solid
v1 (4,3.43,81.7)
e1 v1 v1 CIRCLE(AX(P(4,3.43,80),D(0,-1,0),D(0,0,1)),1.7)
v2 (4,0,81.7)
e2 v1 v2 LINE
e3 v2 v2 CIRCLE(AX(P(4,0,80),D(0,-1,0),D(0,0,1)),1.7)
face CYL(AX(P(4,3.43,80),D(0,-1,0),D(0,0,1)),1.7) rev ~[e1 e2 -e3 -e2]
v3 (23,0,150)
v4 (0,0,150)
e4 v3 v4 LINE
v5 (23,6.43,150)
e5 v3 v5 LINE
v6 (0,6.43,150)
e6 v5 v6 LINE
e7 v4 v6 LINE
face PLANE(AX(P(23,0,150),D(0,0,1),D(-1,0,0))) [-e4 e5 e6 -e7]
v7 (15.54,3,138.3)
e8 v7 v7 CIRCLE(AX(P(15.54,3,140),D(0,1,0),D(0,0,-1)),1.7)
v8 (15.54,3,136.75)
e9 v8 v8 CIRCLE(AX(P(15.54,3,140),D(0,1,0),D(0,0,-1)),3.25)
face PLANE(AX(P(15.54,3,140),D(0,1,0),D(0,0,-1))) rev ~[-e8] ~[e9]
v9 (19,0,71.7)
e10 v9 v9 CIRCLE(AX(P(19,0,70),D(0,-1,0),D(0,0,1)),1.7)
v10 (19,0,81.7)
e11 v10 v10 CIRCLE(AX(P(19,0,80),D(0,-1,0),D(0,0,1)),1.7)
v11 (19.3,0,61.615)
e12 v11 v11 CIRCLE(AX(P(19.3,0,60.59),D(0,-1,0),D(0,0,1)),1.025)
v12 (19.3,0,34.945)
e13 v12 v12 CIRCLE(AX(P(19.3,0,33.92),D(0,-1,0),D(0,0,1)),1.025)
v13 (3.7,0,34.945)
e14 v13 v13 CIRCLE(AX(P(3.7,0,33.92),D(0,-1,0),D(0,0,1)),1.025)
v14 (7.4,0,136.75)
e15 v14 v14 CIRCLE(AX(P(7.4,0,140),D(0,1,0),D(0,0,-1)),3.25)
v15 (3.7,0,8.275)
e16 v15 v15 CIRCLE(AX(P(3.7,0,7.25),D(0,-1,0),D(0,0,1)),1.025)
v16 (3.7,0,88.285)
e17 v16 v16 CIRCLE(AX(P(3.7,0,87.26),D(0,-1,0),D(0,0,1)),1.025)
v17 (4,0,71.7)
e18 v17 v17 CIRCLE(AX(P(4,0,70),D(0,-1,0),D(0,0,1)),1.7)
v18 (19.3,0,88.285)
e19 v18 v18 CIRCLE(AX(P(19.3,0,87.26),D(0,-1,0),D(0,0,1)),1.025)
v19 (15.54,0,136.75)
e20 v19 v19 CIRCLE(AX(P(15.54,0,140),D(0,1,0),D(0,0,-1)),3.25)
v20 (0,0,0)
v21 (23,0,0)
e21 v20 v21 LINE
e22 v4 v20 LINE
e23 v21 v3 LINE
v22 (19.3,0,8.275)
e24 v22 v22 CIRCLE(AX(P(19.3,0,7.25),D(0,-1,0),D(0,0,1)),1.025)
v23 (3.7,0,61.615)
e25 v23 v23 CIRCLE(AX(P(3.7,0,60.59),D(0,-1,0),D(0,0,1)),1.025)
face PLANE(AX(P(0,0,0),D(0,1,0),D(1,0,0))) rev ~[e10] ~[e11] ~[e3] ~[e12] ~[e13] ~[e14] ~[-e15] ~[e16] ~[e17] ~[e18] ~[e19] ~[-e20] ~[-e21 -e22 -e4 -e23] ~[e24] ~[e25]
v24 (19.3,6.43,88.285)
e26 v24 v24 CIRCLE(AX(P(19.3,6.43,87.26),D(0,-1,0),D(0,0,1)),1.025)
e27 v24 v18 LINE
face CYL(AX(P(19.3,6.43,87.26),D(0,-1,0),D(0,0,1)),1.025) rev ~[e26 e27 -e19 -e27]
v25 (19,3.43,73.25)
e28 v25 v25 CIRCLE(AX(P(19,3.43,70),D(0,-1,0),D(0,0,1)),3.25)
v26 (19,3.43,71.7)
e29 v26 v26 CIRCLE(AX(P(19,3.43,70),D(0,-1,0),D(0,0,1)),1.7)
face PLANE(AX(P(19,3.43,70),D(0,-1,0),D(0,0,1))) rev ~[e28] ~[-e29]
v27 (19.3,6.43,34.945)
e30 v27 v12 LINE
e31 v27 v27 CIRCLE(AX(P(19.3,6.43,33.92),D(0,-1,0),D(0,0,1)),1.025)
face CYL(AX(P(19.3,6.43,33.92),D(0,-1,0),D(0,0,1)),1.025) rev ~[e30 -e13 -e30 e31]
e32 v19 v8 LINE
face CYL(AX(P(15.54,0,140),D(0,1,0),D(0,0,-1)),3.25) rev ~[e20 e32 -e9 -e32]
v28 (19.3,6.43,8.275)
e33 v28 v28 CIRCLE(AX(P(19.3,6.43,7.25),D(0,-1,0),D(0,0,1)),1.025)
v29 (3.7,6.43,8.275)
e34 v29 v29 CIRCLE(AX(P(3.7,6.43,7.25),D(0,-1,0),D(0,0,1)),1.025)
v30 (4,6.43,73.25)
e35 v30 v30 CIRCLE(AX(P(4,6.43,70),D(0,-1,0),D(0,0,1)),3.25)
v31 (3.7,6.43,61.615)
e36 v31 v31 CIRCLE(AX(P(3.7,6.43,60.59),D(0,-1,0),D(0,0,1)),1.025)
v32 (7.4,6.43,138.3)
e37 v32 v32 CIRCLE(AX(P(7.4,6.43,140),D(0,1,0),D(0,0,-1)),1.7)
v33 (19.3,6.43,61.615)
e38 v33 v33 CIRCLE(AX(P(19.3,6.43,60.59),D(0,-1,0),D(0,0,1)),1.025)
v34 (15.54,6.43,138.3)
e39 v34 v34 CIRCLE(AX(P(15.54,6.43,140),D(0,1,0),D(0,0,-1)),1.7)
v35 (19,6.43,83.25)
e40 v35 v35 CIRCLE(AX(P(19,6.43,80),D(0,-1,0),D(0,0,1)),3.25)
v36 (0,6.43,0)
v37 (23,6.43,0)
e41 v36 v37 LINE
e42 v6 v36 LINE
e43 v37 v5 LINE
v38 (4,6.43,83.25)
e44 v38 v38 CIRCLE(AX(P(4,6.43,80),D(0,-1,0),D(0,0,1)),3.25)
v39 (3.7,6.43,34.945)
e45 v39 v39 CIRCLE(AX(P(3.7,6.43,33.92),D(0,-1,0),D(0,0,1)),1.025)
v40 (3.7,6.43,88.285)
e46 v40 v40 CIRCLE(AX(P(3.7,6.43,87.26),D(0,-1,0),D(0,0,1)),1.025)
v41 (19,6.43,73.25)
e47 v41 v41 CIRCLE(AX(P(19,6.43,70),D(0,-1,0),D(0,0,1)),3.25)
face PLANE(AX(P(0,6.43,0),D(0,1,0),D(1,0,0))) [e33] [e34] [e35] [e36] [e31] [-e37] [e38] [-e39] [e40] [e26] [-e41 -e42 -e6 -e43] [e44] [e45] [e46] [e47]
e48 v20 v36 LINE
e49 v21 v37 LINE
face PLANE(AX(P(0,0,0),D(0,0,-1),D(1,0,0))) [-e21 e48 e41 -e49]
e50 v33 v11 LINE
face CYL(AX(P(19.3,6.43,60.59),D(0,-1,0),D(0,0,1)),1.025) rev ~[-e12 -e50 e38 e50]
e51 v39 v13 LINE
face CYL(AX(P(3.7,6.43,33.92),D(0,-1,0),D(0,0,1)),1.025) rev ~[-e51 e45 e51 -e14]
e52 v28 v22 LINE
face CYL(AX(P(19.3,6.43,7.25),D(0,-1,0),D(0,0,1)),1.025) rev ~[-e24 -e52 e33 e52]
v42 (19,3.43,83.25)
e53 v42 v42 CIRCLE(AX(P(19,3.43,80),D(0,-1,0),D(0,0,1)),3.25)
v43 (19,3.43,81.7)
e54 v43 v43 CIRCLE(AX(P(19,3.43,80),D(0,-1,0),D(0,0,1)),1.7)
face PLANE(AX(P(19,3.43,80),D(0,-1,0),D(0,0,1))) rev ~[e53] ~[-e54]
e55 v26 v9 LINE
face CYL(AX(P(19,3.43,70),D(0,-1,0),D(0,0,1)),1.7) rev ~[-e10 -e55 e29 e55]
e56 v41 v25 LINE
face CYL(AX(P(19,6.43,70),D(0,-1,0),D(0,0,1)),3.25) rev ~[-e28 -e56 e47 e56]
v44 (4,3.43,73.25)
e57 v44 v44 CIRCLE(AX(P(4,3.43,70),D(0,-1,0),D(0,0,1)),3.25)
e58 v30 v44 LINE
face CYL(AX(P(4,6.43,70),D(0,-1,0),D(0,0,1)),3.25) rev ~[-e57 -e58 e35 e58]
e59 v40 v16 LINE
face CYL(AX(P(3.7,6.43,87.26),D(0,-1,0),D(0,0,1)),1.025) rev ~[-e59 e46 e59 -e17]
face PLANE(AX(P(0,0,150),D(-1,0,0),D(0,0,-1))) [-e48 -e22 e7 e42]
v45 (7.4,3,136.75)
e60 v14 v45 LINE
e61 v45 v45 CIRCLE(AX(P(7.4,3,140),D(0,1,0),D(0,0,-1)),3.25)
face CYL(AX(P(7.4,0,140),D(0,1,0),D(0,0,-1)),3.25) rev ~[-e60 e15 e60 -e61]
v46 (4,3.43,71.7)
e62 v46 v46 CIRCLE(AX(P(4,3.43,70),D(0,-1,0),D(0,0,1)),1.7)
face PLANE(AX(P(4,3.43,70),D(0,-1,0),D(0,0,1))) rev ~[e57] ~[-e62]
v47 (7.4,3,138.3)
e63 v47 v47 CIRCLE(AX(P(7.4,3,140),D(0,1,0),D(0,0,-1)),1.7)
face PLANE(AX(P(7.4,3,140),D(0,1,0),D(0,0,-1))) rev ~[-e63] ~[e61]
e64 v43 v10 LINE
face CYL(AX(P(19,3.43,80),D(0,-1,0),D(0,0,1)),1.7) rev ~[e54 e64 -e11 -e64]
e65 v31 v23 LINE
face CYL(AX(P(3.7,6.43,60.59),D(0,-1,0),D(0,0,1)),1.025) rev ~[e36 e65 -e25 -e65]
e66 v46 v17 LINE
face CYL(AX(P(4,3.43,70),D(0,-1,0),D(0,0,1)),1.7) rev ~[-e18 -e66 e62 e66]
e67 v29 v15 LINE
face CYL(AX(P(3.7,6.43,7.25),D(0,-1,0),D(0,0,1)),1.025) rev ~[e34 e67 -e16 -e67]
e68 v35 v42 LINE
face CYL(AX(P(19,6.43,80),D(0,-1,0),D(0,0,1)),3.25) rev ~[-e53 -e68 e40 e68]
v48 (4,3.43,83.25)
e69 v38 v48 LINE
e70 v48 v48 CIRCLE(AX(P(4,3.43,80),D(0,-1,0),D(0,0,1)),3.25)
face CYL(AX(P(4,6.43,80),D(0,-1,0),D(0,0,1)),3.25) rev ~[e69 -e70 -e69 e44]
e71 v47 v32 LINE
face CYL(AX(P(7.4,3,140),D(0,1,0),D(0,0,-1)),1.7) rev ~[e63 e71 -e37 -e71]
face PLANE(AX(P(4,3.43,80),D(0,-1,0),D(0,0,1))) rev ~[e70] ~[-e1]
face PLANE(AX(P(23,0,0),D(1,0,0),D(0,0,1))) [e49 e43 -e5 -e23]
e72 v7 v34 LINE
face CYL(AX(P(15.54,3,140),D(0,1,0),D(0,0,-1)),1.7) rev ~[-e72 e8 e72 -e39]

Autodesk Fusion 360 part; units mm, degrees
sketch "Sketch1" plane through (0, 0, 0) normal (0, 1, 0) x (1, 0, 0)
  line L0 (0, 0) -> (23, 0)
  line L1 (23, 0) -> (23, -150)
  line L2 (23, -150) -> (0, -150)
  line L3 (0, -150) -> (0, 0)
  dimension "d1" = 23
  dimension "d2" = 150
extrude "Extrude1" add sketch "Sketch1" along normal blind 6.43
sketch "Sketch2" plane through (0, 6.43, 0) normal (0, 1, 0) x (1, 0, 0)
  line L0 (11.5, 0) -> (11.5, -150) construction
  line L1 (0, 0) -> (0, -150)
  line L2 (0, -75) -> (23, -75) construction
  line L3 (19, -70) -> (4, -70) construction
  line L4 (4, -70) -> (4, -80) construction
  line L5 (4, -80) -> (19, -80) construction
  line L6 (19, -80) -> (19, -70) construction
  line L7 (19, -70) -> (4, -80) construction
  line L8 (4, -70) -> (19, -80) construction
  line L9 (23, 0) -> (0, 0)
  line L10 (0, -150) -> (23, -150)
  line L11 (0, -150) -> (23, -150)
  line L12 (23, -150) -> (23, 0)
  line L13 (23, 0) -> (0, 0)
  line L14 (0, 0) -> (0, -150)
  point P0 (11.5, -75)
  point P1 (4, -70)
  point P2 (19, -70)
  point P3 (19, -80)
  point P4 (4, -80)
  point P5 (3.7, -7.25)
  point P6 (19.3, -7.25)
  point P7 (3.7, -33.92)
  point P8 (3.7, -60.59)
  point P9 (3.7, -87.26)
  point P10 (19.3, -33.92)
  point P11 (19.3, -60.59)
  point P12 (19.3, -87.26)
  dimension "d5" = 11.5
  dimension "d6" = 15
  dimension "d7" = 10
  dimension "d8" = 15.6
  dimension "d9" = 19.3
  dimension "d10" = 7.25
  dimension "d13" = 0
  dimension "d14" = -26.67
  dimension "d17" = 0
  dimension "d18" = -26.67
hole "Hole1" at (4, 6.43, 70) direction (0, -1, 0) diameter 3.4 end through all counterbore diameter 6.5 counterbore depth 3
hole "Hole2" at (19, 6.43, 70) direction (0, -1, 0) diameter 3.4 end through all counterbore diameter 6.5 counterbore depth 3
hole "Hole3" at (4, 6.43, 80) direction (0, -1, 0) diameter 3.4 end through all counterbore diameter 6.5 counterbore depth 3
hole "Hole4" at (19, 6.43, 80) direction (0, -1, 0) diameter 3.4 end through all counterbore diameter 6.5 counterbore depth 3
hole "Hole5" at (3.7, 6.43, 7.25) direction (0, -1, 0) diameter 2.05 end through all
hole "Hole6" at (19.3, 6.43, 7.25) direction (0, -1, 0) diameter 2.05 end through all
hole "Hole7" at (3.7, 6.43, 33.92) direction (0, -1, 0) diameter 2.05 end through all
hole "Hole8" at (19.3, 6.43, 33.92) direction (0, -1, 0) diameter 2.05 end through all
hole "Hole9" at (3.7, 6.43, 60.59) direction (0, -1, 0) diameter 2.05 end through all
hole "Hole10" at (19.3, 6.43, 60.59) direction (0, -1, 0) diameter 2.05 end through all
hole "Hole11" at (3.7, 6.43, 87.26) direction (0, -1, 0) diameter 2.05 end through all
hole "Hole12" at (19.3, 6.43, 87.26) direction (0, -1, 0) diameter 2.05 end through all
sketch "Sketch3" plane through (0, 0, 0) normal (0, -1, 0) x (1, 0, 0)
  circle A0 centre (19.3, 87.26) radius 1.025
  circle A1 centre (3.7, 87.26) radius 1.025
  circle A2 centre (19.3, 60.59) radius 1.025
  circle A3 centre (3.7, 60.59) radius 1.025
  circle A4 centre (19.3, 33.92) radius 1.025
  circle A5 centre (3.7, 33.92) radius 1.025
  circle A6 centre (19.3, 7.25) radius 1.025
  circle A7 centre (3.7, 7.25) radius 1.025
  circle A8 centre (19, 80) radius 1.7
  circle A9 centre (4, 80) radius 1.7
  circle A10 centre (19, 70) radius 1.7
  circle A11 centre (4, 70) radius 1.7
  line L0 (23, 150) -> (0, 150)
  line L1 (0, 150) -> (0, 0)
  line L2 (0, 0) -> (23, 0)
  line L3 (23, 0) -> (23, 150)
  line L4 (0, 150) -> (23, 150)
  point P0 (15.6, 140)
  point P1 (7.46, 140)
  dimension "d92" = 8.14
  dimension "d93" = 10
  dimension "d94" = 7.4
hole "Hole17" at (7.4, 0, 140) direction (0, 1, 0) diameter 3.4 end through all counterbore diameter 6.5 counterbore depth 3
hole "Hole18" at (15.54, 0, 140) direction (0, 1, 0) diameter 3.4 end through all counterbore diameter 6.5 counterbore depth 3
